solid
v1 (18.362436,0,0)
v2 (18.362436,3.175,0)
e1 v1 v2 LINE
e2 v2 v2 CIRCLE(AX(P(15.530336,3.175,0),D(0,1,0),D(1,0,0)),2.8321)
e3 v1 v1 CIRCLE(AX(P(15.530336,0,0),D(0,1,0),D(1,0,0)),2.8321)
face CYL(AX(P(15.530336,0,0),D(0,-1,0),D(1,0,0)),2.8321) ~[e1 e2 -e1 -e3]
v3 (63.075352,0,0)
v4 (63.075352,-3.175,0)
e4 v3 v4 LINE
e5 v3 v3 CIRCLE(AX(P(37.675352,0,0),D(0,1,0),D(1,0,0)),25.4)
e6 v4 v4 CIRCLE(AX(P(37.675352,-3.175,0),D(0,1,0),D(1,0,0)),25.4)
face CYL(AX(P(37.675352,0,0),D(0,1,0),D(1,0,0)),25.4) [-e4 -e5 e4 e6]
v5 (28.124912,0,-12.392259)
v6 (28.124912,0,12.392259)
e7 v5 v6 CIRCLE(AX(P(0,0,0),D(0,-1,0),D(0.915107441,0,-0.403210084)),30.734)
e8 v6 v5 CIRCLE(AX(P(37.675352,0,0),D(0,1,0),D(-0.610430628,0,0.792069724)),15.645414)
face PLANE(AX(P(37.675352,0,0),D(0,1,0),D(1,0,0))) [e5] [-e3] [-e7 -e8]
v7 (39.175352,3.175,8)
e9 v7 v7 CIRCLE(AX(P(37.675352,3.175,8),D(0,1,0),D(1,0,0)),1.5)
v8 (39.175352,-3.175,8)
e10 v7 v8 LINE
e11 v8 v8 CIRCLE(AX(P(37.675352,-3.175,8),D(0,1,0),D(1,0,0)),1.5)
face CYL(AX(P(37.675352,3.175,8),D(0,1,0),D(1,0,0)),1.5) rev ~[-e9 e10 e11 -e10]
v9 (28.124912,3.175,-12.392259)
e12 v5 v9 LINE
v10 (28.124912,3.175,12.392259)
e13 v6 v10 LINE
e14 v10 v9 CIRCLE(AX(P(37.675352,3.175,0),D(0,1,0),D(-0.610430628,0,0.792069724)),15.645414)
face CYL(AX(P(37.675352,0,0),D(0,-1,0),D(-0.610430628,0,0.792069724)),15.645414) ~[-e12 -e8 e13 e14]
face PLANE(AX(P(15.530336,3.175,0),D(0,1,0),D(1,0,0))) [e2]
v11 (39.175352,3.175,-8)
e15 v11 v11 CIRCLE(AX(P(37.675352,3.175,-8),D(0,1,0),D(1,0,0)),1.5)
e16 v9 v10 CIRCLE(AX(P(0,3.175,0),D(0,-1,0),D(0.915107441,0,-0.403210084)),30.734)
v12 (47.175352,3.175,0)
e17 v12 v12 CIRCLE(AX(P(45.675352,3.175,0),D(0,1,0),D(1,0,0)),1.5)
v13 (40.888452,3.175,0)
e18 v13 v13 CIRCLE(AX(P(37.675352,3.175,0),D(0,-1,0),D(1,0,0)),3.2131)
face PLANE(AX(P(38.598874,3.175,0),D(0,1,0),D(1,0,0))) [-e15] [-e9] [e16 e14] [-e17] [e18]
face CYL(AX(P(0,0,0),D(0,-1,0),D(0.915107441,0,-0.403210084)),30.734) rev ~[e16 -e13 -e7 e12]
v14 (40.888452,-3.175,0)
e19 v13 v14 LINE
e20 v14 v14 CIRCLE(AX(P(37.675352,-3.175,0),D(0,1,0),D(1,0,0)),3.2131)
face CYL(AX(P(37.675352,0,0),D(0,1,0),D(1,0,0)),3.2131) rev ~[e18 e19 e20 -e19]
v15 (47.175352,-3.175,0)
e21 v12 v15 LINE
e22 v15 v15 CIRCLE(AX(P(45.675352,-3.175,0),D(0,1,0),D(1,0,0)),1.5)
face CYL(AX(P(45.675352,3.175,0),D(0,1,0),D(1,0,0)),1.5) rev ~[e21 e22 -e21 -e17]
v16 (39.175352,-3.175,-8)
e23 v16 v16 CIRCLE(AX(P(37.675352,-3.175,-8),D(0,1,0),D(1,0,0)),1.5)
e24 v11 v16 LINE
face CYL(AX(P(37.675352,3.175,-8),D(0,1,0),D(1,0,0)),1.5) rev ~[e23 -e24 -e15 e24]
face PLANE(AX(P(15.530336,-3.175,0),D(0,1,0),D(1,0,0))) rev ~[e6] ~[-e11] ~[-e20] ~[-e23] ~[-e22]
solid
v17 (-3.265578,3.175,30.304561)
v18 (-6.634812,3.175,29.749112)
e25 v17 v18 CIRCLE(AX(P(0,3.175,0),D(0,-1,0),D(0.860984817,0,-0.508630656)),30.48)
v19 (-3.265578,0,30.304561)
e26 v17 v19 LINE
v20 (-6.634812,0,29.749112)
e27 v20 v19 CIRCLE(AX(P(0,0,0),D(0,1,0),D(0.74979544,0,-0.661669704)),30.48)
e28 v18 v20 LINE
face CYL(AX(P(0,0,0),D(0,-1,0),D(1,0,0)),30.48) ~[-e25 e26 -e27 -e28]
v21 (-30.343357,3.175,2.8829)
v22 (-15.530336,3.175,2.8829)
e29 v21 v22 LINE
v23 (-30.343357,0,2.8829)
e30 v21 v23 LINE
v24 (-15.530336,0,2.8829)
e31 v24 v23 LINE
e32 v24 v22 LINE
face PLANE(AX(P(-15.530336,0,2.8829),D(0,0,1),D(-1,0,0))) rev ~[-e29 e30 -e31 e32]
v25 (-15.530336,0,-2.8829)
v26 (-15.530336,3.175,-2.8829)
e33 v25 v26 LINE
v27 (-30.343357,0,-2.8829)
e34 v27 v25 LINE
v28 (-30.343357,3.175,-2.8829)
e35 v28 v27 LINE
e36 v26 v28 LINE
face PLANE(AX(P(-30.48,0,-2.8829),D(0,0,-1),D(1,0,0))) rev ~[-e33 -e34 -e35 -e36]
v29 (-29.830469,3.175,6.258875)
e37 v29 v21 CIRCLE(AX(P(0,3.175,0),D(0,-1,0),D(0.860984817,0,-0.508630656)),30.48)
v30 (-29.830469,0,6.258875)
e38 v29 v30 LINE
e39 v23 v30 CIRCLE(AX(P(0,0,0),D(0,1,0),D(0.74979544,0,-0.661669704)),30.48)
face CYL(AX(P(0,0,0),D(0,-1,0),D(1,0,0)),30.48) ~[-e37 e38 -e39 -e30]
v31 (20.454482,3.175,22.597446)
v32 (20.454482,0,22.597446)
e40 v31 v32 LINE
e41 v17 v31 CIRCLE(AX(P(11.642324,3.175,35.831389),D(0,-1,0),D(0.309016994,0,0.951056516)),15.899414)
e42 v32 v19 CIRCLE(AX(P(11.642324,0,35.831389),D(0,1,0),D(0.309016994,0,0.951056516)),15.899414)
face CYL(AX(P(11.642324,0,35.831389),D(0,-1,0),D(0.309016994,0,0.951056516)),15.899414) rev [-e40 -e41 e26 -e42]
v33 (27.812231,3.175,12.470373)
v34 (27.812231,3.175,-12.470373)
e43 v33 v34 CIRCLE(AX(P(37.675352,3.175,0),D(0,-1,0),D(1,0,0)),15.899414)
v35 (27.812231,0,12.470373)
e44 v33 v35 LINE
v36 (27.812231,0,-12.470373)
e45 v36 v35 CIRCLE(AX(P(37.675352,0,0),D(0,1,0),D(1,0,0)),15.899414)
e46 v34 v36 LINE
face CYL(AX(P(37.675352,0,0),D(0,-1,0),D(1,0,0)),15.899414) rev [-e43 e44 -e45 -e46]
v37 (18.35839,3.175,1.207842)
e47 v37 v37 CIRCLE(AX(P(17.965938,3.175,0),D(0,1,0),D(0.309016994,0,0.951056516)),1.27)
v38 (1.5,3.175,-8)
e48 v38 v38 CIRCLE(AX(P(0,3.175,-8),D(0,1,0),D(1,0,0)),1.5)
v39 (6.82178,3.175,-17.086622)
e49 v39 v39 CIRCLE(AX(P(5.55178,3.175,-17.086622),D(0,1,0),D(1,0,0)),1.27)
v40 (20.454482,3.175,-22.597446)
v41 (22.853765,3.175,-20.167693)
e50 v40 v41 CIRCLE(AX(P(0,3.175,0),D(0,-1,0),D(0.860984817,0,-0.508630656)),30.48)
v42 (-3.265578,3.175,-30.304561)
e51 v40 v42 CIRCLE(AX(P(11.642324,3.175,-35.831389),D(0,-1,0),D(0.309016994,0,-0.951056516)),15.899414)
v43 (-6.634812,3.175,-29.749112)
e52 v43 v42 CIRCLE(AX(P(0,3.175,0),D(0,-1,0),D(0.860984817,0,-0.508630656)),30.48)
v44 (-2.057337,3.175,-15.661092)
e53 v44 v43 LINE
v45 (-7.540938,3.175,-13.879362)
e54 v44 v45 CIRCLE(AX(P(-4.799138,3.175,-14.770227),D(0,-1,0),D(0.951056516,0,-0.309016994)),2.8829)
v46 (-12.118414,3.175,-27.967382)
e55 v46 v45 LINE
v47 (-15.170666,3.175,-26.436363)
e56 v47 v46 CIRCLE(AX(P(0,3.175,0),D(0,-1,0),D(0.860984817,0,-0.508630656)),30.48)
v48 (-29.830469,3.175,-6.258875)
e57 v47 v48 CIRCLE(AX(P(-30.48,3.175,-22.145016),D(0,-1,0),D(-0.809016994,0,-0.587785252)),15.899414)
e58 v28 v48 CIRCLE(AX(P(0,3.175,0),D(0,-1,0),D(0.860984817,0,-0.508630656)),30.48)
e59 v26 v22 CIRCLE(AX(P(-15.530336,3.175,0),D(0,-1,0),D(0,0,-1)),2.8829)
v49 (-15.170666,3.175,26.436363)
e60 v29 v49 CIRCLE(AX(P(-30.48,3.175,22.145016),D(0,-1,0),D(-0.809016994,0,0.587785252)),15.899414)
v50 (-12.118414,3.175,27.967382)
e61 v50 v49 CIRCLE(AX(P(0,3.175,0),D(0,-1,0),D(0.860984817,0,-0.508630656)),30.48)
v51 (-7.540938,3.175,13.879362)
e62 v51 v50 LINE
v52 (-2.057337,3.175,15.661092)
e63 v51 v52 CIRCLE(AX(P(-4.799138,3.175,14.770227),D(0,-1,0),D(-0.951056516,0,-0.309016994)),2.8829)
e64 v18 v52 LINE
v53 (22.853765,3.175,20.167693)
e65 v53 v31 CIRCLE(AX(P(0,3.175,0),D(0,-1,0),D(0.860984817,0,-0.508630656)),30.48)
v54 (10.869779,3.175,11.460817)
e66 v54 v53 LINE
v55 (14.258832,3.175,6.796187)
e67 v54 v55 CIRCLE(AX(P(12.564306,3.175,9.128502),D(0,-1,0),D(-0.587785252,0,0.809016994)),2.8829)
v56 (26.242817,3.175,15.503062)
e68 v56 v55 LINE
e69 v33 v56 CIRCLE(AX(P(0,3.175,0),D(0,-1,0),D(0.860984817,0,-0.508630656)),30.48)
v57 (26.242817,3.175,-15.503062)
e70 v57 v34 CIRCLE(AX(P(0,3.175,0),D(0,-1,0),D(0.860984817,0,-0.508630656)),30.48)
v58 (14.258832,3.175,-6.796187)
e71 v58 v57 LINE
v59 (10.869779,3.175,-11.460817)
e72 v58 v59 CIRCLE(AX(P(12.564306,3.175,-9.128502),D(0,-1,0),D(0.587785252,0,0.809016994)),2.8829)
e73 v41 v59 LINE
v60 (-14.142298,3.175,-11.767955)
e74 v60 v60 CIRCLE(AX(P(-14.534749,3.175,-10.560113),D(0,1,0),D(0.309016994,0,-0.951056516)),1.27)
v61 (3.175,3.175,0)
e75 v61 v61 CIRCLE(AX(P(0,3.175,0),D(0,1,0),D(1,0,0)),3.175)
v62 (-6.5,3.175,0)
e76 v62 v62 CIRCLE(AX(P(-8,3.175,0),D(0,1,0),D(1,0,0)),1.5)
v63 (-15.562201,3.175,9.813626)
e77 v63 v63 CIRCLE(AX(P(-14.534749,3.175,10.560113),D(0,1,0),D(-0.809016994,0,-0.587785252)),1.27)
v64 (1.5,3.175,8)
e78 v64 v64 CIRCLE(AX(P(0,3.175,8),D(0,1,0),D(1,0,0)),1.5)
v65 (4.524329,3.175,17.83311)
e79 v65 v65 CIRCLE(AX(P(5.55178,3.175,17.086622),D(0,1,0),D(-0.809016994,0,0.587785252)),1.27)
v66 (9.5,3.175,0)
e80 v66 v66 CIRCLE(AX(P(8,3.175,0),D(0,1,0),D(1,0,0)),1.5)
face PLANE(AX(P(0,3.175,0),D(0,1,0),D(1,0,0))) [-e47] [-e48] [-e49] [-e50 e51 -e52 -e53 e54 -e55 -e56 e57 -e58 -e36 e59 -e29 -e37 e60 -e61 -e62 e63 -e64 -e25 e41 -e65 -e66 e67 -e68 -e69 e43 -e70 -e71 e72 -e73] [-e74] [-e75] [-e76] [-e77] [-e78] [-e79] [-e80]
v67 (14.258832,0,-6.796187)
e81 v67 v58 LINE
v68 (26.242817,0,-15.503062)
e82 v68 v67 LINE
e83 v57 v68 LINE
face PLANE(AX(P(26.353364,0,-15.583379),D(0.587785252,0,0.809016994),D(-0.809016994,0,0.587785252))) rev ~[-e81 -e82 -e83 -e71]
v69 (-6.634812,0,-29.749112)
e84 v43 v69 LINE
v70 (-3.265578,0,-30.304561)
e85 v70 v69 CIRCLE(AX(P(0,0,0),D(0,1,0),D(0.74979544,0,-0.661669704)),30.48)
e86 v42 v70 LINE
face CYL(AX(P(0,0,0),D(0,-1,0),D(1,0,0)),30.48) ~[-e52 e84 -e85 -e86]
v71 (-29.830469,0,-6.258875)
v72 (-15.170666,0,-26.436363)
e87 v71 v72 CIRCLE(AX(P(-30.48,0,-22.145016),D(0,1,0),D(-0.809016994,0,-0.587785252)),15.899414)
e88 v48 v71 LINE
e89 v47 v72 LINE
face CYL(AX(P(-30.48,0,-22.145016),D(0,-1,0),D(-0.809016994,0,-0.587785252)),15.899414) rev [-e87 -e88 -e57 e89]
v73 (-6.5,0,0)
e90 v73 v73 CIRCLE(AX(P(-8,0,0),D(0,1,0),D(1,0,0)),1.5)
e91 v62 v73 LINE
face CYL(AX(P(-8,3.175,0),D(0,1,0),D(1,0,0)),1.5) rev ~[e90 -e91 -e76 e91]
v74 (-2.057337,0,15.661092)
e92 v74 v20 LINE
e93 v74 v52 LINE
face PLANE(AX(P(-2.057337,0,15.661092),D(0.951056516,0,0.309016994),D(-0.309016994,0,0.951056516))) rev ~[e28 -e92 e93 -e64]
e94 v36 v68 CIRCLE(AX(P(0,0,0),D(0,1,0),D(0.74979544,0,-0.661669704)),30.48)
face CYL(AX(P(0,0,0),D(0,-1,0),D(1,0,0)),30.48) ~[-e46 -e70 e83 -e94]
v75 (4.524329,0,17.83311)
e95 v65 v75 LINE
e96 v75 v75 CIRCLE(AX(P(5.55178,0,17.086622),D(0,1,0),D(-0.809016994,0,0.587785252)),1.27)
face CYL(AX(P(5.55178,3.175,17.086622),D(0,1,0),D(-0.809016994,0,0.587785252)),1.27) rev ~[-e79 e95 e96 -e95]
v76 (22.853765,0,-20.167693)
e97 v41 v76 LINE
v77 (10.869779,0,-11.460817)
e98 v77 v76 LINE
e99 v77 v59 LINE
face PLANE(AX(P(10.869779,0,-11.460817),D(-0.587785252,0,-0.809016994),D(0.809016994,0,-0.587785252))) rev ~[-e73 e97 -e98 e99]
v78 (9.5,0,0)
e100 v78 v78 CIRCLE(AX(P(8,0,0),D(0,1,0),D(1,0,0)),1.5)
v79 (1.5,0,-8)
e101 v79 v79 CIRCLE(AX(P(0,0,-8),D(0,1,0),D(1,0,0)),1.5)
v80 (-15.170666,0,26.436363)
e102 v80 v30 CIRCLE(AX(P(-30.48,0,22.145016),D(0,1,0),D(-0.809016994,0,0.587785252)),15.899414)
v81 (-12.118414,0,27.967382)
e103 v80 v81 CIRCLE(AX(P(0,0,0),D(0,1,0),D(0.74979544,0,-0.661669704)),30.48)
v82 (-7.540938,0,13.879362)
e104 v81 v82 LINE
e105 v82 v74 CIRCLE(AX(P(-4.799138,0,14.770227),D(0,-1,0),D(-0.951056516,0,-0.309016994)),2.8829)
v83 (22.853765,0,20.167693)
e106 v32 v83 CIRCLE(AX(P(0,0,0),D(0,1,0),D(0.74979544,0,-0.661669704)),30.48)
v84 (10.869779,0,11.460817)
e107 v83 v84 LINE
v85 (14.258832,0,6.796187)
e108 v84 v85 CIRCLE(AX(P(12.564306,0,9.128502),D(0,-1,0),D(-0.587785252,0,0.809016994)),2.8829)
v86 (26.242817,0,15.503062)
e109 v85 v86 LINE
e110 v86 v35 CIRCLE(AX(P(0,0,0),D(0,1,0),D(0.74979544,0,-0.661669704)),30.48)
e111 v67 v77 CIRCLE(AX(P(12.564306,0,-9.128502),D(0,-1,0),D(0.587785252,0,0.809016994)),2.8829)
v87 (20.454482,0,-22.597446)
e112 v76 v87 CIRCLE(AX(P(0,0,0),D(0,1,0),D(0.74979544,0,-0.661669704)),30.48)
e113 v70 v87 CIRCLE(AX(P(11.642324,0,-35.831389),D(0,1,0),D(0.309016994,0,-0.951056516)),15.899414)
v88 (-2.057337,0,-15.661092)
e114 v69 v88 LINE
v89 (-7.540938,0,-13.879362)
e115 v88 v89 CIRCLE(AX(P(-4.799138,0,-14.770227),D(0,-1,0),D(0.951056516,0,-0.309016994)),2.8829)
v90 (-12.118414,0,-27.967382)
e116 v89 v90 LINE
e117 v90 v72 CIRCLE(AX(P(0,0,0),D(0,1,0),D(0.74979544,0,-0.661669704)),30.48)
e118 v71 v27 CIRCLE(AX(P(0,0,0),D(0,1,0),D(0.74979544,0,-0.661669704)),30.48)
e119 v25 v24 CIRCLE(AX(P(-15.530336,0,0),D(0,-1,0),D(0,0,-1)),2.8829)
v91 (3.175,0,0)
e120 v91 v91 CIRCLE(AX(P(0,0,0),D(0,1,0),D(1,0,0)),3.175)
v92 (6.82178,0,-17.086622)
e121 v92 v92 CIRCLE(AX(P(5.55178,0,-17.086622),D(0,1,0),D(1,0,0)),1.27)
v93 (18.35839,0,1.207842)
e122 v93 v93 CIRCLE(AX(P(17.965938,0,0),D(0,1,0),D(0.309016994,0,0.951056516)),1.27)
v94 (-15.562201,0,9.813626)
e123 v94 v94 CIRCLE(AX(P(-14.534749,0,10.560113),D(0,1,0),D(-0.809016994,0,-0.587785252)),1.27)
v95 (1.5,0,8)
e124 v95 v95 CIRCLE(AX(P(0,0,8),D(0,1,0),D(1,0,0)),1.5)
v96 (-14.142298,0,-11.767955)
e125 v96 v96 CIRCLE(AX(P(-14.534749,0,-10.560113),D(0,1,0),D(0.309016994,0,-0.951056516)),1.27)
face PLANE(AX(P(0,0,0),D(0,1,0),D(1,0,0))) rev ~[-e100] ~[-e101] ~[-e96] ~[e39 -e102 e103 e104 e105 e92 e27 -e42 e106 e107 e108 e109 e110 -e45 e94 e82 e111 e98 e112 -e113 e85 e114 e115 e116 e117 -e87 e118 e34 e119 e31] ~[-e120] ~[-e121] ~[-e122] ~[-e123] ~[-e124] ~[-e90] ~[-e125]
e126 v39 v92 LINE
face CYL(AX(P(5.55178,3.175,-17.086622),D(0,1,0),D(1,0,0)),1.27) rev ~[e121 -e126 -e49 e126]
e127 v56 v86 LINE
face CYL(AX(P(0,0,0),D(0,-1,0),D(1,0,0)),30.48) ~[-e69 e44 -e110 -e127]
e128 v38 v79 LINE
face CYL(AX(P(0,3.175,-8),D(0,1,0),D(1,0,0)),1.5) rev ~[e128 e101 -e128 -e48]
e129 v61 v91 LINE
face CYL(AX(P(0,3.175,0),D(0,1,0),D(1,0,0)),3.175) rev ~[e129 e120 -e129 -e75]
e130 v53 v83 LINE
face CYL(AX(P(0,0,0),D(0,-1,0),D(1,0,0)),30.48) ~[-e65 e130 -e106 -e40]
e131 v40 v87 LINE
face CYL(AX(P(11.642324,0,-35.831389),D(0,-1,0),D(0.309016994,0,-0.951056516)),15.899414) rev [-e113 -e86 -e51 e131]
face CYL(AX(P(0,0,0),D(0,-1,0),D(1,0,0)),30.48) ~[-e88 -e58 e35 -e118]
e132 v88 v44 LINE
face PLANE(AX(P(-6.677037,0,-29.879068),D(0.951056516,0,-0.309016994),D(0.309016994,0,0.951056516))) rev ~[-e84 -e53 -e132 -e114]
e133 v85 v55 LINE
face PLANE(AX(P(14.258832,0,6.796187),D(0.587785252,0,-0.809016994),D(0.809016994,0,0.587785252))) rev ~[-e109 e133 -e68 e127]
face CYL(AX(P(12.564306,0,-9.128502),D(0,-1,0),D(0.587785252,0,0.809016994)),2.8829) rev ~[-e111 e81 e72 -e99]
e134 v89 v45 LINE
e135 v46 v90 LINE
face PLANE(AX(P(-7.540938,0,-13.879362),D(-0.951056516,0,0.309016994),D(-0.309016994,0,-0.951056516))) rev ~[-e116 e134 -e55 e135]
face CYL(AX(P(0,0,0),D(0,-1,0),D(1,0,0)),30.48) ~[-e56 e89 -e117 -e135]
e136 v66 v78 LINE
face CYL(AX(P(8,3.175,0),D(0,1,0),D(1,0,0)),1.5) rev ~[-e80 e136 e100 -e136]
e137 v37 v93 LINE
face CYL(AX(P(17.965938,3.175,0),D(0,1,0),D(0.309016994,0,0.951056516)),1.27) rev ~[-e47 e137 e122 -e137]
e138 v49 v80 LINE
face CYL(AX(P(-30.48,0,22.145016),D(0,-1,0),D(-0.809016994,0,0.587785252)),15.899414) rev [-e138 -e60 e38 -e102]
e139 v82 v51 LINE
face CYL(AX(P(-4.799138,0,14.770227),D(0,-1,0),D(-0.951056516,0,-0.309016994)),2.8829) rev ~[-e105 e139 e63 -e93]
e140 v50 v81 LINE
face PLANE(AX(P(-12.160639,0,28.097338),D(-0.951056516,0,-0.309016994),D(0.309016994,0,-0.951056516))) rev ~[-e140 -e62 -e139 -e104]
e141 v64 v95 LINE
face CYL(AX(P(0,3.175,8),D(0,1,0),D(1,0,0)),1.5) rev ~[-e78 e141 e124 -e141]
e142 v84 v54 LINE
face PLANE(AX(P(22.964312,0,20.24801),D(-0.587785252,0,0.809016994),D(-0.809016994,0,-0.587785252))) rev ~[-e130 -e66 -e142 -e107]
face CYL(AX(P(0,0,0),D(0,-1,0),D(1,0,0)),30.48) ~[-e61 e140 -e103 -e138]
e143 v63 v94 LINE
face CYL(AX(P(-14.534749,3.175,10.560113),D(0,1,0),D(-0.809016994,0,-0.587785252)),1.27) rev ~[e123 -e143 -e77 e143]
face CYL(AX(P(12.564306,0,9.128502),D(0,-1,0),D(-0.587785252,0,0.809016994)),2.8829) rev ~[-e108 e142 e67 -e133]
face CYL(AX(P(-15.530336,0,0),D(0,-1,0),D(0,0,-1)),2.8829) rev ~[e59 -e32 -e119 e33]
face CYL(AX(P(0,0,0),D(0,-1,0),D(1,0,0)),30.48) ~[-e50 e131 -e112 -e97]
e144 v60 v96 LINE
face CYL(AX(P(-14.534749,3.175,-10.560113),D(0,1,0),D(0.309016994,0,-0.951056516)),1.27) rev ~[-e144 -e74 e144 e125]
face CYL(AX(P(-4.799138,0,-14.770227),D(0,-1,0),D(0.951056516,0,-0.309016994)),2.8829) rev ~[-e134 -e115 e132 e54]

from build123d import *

# Parameters (mm, degrees)
DRIVEWHEEL_TOP_DEPTH            = 3.175
SKETCH13_R                      = 25.4
SKETCH13_R_2                    = 2.8321
WHEEL_BOTTOM_DEPTH              = 3.175
SKETCH13_4_R                    = 2.8321
PEG_DEPTH                       = 3.175
PEG_DEPTH_BACK                  = 3.175
SKETCH14_R                      = 3.2131
DRIVER_CENTER_HOLE_DEPTH        = 4.175
DRIVER_CENTER_HOLE_DEPTH_BACK   = 4.175
SKETCH16_R                      = 1.5
DRIVER_COUPLER_HOLES_DEPTH      = 7.35
MAIN_CIRCLES_R                  = 30.48
WHEELBASE_DEPTH                 = 3.175
SLOT_CUT_DEPTH                  = 4.175
SKETCH17_R                      = 3.175
WHEEL_CENTER_HOLE_DEPTH         = 7.35
DRIVEWHEEL_CONSTRUCTION_LINES_R = 15.899413966
DIVOT_DEPTH                     = 4.175
CIRCPATTERN_SLOT_COUNT          = 5
CIRCPATTERN_DIVOTS_COUNT        = 5
SKETCH18_R                      = 1.5
WHEEL_COUPLER_HOLES_DEPTH       = 7.35
SKETCH20_R                      = 1.27
CUT_EXTRUDE1_DEPTH              = 7.35
CIRPATTERN1_COUNT               = 5


with BuildPart() as part:
    # Sketch8 → drivewheel top (new body)
    with BuildSketch(Plane(origin=(0, 0, 0), x_dir=(1, 0, 0), z_dir=(0, 1, 0))):
        with BuildLine():
            ThreePointArc((28.124912082, 12.392258729), (30.734, 0), (28.124912082, -12.392258729))
            ThreePointArc((28.124912082, -12.392258729), (53.32076592, 0), (28.124912082, 12.392258729))
        make_face()
    extrude(amount=DRIVEWHEEL_TOP_DEPTH)


with BuildPart() as body_2:
    # Sketch13 → wheel bottom (new body)
    with BuildSketch(Plane(origin=(0, 0, 0), x_dir=(1, 0, 0), z_dir=(0, 1, 0))):
        with Locations((37.675351954, 0)):
            Circle(SKETCH13_R)
        with Locations((15.530335701, 0)):
            Circle(SKETCH13_R_2, mode=Mode.SUBTRACT)
    extrude(amount=-WHEEL_BOTTOM_DEPTH)

    # Sketch13_4 → peg (add, two sides)
    with BuildSketch(Plane(origin=(0, 0, 0), x_dir=(1, 0, 0), z_dir=(0, 1, 0))) as peg_sk:
        with Locations((15.530335701, 0)):
            Circle(SKETCH13_4_R)
    extrude(amount=PEG_DEPTH)
    extrude(peg_sk.sketch, amount=-PEG_DEPTH_BACK)

    # Combine1: union part
    add(part.part)

    # Sketch14 → driver center hole (cut, two sides)
    with BuildSketch(Plane(origin=(0, 0, 0), x_dir=(1, 0, 0), z_dir=(0, 1, 0))) as driver_center_hole_sk:
        with Locations((37.675351954, 0)):
            Circle(SKETCH14_R)
    extrude(amount=DRIVER_CENTER_HOLE_DEPTH, mode=Mode.SUBTRACT)
    extrude(driver_center_hole_sk.sketch, amount=-DRIVER_CENTER_HOLE_DEPTH_BACK, mode=Mode.SUBTRACT)

    # Sketch16 → driver coupler holes (cut, through all)
    with BuildSketch(Plane(origin=(0, 3.175, 0), x_dir=(1, 0, 0), z_dir=(0, 1, 0))):
        with Locations((37.675351954, -8)):
            Circle(SKETCH16_R)
        with Locations((45.675351954, 0)):
            Circle(SKETCH16_R)
        with Locations((37.675351954, 8)):
            Circle(SKETCH16_R)
    extrude(amount=-DRIVER_COUPLER_HOLES_DEPTH, mode=Mode.SUBTRACT)


with BuildPart() as body_2_2:
    # main circles → wheelbase (new body)
    with BuildSketch(Plane(origin=(0, 0, 0), x_dir=(1, 0, 0), z_dir=(0, 1, 0))):
        Circle(MAIN_CIRCLES_R)
    extrude(amount=WHEELBASE_DEPTH)

    # slot → slot cut (cut, through all)
    with BuildSketch(Plane(origin=(0, 0, 0), x_dir=(1, 0, 0), z_dir=(0, 1, 0))):
        with BuildLine():
            Line((26.353364092, 15.583379397), (14.258831614, 6.796187195))
            ThreePointArc((14.258831614, 6.796187195), (10.231990417, 7.433976184), (10.869779406, 11.460817381))
            Line((10.869779406, 11.460817381), (22.964311885, 20.248009583))
            ThreePointArc((22.964311885, 20.248009583), (26.991153082, 19.610220594), (26.353364092, 15.583379397))
        make_face()
    slot_cut = extrude(amount=SLOT_CUT_DEPTH, mode=Mode.SUBTRACT)

    # Sketch17 → wheel center hole (cut, through all)
    with BuildSketch(Plane(origin=(0, 3.175, 0), x_dir=(1, 0, 0), z_dir=(0, 1, 0))):
        Circle(SKETCH17_R)
    extrude(amount=-WHEEL_CENTER_HOLE_DEPTH, mode=Mode.SUBTRACT)

    # drivewheel construction lines → divot (cut, through all)
    with BuildSketch(Plane(origin=(0, 0, 0), x_dir=(1, 0, 0), z_dir=(0, 1, 0))):
        with Locations((37.675351954, 0)):
            Circle(DRIVEWHEEL_CONSTRUCTION_LINES_R)
    divot = extrude(amount=DIVOT_DEPTH, mode=Mode.SUBTRACT)

    # circpattern-slot: slot cut ×5 about axis
    circpattern_slot_axis = Axis((0, 0, 0), (0, 1, 0))
    for i in range(1, CIRCPATTERN_SLOT_COUNT):
        add(slot_cut.rotate(circpattern_slot_axis, i * 360 / CIRCPATTERN_SLOT_COUNT), mode=Mode.SUBTRACT)

    # circpattern-divots: divot ×5 about axis
    circpattern_divots_axis = Axis((0, 0, 0), (0, 1, 0))
    for i in range(1, CIRCPATTERN_DIVOTS_COUNT):
        add(divot.rotate(circpattern_divots_axis, i * 360 / CIRCPATTERN_DIVOTS_COUNT), mode=Mode.SUBTRACT)

    # Sketch18 → wheel coupler holes (cut, through all)
    with BuildSketch(Plane(origin=(0, 3.175, 0), x_dir=(1, 0, 0), z_dir=(0, 1, 0))):
        with Locations((0, 8)):
            Circle(SKETCH18_R)
        with Locations((-8, 0)):
            Circle(SKETCH18_R)
        with Locations((0, -8)):
            Circle(SKETCH18_R)
        with Locations((8, 0)):
            Circle(SKETCH18_R)
    extrude(amount=-WHEEL_COUPLER_HOLES_DEPTH, mode=Mode.SUBTRACT)

    # Sketch20 → Cut-Extrude1 (cut, through all)
    with BuildSketch(Plane(origin=(0, 3.175, 0), x_dir=(1, 0, 0), z_dir=(0, 1, 0))):
        with Locations((5.551780158, 17.086622395)):
            Circle(SKETCH20_R)
    cut_extrude1 = extrude(amount=-CUT_EXTRUDE1_DEPTH, mode=Mode.SUBTRACT)

    # CirPattern1: Cut-Extrude1 ×5 about axis
    cirpattern1_axis = Axis((0, 0, 0), (0, 1, 0))
    for i in range(1, CIRPATTERN1_COUNT):
        add(cut_extrude1.rotate(cirpattern1_axis, i * 360 / CIRPATTERN1_COUNT), mode=Mode.SUBTRACT)


solid = Compound([body_2.part, body_2_2.part])
